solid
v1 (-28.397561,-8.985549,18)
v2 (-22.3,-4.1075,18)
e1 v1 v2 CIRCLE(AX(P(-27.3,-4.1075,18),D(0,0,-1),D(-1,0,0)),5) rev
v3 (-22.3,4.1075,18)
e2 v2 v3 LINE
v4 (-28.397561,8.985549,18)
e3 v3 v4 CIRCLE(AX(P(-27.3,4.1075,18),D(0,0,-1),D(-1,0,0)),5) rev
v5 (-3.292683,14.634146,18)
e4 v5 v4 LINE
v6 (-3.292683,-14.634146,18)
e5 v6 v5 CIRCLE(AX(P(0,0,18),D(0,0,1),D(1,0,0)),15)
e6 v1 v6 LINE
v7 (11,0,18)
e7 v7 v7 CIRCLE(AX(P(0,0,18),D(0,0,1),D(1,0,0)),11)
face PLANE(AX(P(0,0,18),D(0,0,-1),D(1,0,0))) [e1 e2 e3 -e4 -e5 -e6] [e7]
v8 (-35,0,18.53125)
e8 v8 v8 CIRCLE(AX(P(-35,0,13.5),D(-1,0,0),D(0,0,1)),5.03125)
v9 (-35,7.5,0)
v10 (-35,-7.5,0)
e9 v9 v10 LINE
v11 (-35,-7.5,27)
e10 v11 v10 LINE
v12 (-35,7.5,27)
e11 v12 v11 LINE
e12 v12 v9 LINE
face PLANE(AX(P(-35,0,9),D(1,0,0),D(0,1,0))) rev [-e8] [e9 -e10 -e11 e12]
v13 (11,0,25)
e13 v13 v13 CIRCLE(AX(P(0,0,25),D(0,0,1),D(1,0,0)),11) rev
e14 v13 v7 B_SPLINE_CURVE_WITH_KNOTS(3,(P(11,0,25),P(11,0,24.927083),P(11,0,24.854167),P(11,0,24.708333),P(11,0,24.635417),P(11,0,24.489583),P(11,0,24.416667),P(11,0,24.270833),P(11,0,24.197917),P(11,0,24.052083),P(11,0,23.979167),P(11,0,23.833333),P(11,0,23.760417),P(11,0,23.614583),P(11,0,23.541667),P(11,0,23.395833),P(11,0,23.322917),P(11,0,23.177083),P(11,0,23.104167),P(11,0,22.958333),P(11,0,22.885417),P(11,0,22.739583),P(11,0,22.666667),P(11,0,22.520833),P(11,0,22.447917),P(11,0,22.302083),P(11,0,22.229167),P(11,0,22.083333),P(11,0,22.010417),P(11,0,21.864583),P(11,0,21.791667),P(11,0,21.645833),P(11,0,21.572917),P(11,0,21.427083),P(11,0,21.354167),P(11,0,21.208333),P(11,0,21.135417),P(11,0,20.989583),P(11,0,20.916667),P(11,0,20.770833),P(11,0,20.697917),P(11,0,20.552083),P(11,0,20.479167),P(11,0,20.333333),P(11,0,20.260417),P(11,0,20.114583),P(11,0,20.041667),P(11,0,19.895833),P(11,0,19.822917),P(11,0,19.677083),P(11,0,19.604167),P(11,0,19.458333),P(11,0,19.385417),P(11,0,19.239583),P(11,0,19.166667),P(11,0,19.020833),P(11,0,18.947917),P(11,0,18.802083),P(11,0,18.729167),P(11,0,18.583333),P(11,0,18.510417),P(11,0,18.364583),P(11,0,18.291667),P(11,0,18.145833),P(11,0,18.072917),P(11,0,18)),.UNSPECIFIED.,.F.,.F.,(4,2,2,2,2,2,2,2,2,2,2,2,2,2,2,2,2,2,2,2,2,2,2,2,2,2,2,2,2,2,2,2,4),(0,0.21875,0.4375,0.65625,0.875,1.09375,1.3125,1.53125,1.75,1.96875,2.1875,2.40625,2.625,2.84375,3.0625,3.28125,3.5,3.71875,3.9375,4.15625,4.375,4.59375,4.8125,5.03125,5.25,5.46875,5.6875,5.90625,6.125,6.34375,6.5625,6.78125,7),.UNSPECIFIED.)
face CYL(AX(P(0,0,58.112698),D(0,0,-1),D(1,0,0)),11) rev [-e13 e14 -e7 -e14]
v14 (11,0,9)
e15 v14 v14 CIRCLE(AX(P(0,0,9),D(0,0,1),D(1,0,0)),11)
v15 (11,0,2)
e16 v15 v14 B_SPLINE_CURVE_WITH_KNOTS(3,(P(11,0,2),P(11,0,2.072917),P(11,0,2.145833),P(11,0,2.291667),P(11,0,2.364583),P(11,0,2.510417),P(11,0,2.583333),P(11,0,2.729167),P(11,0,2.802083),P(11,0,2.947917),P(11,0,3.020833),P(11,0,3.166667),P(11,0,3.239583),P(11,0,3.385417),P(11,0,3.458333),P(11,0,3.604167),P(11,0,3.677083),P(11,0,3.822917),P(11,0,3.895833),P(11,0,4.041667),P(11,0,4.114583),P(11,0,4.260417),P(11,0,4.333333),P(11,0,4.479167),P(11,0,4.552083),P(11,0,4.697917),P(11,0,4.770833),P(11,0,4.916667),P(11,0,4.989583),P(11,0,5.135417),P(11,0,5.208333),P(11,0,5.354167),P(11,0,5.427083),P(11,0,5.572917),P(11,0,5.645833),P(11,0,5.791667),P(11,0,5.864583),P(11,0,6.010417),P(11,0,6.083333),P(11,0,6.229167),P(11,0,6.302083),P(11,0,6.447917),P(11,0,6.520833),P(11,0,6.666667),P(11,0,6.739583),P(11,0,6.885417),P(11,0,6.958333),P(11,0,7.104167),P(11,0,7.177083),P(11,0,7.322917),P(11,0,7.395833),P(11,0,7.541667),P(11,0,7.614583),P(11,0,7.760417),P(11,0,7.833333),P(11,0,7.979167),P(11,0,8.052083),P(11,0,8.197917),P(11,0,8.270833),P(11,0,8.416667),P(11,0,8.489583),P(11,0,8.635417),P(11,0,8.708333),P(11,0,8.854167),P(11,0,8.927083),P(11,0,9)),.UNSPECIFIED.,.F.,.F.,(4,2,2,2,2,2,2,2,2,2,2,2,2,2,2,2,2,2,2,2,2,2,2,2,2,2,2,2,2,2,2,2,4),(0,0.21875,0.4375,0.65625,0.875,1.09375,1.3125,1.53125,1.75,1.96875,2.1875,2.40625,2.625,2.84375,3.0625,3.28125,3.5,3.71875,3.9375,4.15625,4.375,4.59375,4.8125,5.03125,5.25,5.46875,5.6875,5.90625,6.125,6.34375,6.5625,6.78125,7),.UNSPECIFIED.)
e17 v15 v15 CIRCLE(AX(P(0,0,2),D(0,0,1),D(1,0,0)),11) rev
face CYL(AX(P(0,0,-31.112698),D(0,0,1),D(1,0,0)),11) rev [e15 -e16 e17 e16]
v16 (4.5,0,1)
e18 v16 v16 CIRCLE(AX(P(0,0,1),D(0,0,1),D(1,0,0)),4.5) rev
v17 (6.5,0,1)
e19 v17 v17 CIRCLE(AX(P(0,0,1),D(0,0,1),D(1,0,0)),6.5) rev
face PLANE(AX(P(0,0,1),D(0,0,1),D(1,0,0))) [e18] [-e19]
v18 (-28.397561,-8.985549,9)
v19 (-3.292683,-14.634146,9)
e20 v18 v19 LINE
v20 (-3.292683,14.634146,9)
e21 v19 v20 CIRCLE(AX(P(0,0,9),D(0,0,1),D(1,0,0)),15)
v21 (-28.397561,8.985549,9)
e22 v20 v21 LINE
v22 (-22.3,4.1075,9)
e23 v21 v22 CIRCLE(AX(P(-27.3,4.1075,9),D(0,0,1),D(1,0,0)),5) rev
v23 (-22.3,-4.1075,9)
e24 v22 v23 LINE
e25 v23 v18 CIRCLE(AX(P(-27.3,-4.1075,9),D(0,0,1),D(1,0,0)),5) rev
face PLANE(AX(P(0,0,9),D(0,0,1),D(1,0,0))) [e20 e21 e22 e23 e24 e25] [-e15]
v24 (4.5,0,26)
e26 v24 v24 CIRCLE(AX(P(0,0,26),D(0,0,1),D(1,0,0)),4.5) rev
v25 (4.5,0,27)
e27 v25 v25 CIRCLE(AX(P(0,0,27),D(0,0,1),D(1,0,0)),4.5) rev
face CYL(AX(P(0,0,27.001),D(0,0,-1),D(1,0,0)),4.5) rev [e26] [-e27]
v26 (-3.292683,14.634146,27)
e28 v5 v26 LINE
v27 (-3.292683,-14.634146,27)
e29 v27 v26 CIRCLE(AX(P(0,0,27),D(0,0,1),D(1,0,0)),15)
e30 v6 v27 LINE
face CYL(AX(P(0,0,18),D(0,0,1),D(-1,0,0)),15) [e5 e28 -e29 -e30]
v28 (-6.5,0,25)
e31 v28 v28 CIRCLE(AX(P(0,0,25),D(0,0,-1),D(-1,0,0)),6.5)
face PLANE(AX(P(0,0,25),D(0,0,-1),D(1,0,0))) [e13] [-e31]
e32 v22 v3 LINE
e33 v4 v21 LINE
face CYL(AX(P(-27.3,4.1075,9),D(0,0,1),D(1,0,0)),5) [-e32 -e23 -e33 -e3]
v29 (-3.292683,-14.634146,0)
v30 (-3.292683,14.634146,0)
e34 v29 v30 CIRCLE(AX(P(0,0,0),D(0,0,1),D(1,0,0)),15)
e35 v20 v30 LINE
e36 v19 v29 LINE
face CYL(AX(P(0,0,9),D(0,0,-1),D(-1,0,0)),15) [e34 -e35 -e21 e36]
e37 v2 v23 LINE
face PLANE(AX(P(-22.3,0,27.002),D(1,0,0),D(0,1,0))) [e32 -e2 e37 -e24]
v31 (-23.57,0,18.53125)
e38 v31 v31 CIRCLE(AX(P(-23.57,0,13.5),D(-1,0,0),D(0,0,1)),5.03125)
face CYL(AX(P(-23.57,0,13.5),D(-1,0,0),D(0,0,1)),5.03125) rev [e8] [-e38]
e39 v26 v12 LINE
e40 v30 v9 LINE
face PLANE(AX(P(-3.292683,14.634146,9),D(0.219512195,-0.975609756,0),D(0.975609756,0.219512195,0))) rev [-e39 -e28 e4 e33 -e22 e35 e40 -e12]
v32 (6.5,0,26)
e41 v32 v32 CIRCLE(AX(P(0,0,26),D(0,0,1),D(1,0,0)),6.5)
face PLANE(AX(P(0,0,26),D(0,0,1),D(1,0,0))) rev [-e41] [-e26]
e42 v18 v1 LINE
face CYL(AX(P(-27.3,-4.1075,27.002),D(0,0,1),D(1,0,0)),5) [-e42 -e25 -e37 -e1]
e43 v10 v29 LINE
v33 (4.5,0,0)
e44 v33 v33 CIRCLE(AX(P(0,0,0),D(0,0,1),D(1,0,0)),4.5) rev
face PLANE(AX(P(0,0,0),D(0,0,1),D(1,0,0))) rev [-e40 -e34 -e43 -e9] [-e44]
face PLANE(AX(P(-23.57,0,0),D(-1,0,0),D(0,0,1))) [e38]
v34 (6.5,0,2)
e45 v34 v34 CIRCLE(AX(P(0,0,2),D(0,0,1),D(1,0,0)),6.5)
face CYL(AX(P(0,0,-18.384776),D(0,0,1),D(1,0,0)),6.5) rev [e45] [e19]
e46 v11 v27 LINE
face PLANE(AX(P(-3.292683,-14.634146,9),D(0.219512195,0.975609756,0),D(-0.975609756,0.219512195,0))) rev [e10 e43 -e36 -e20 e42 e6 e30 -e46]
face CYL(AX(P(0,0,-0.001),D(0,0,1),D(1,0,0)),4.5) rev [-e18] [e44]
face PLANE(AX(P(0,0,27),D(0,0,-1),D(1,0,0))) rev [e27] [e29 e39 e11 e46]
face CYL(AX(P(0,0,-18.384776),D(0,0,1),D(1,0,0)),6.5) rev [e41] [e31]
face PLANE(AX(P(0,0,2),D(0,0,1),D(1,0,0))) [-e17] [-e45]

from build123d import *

# Parameters (mm, degrees)
SKETCH1_R               = 15
BOSS_EXTRUDE1_DEPTH     = 9
SKETCH2_R               = 11
CUT_EXTRUDE1_DEPTH      = 7
CUT_EXTRUDE2_REACH      = 40.717
SKETCH3_R               = 4.5
BOSS_EXTRUDE3_REACH     = 44.119
SKETCH6_R               = 5.031250000000002
CUT_EXTRUDE3_DEPTH      = 11.43
FILLET1_R               = 5
CUT_EXTRUDE4_DEPTH      = 1
CUT_EXTRUDE4_DEPTH_BACK = 24
SKETCH7_R               = 6.5


with BuildPart() as part:
    # Sketch1 → Boss-Extrude1 (new body)
    with BuildSketch(Plane.XY):
        with BuildLine():
            ThreePointArc((-3.2926829268292646, -14.634146341463415), (-15, 1.84e-15), (-3.2926829268292708, 14.634146341463413))
            Line((-3.2926829268292703, 14.634146341463419), (-35.00000000000001, 7.499999999999995))
            Line((-35.00000000000001, 7.499999999999995), (-35, -7.500000000000005))
            Line((-35, -7.500000000000005), (-3.292682926829265, -14.634146341463415))
        make_face()
        Circle(SKETCH1_R)
    extrude(amount=BOSS_EXTRUDE1_DEPTH)

    # Sketch2 → Cut-Extrude1 (cut)
    with BuildSketch(Plane.XY.offset(9)):
        Circle(SKETCH2_R)
    extrude(amount=-CUT_EXTRUDE1_DEPTH, mode=Mode.SUBTRACT)

    # Sketch3 → Cut-Extrude2 (cut, up to next)
    with BuildSketch(Plane.XY.offset(2), mode=Mode.PRIVATE) as cut_extrude2_sk1:
        Circle(SKETCH3_R)
    cut_extrude2_tool1 = extrude(cut_extrude2_sk1.sketch, amount=-CUT_EXTRUDE2_REACH, mode=Mode.PRIVATE) & part.part
    add(cut_extrude2_tool1.solids().sort_by_distance((0, 0, 2))[0], mode=Mode.SUBTRACT)


with BuildPart() as body_2:
    # Mirror8: mirrored copy
    add(part.part.mirror(Plane.XY.offset(13.499999999999998)))

    # Sketch4 → Boss-Extrude3 (add, up to next)
    with BuildSketch(Plane.XY.offset(9), mode=Mode.PRIVATE) as boss_extrude3_sk1:
        Polygon((-35.00000000000001, 7.499999999999995), (-35.00000000000001, -7.500000000000005), (-22.300000000000008, -10.357500000000002), (-22.300000000000015, 10.357499999999998), align=None)
    boss_extrude3_tool1 = extrude(boss_extrude3_sk1.sketch, amount=BOSS_EXTRUDE3_REACH, mode=Mode.PRIVATE) - body_2.part

    add(part.part)  # Boss-Extrude3 merges part
    add(boss_extrude3_tool1.solids().sort_by_distance((-28.311298, 0, 9))[0])

    # Sketch6 → Cut-Extrude3 (cut)
    with BuildSketch(Plane.ZY.offset(35.00000000000001)):
        with Locations((13.499999999999998, -3.47e-15)):
            Circle(SKETCH6_R)
    extrude(amount=-CUT_EXTRUDE3_DEPTH, mode=Mode.SUBTRACT)

    # Fillet1
    fillet1_edges = [body_2.edges().sort_by_distance(p)[0] for p in [
        (-22.300000000000015, 10.357499999999996, 13.499999999999998),
        (-22.300000000000008, -10.3575, 13.499999999999998),
    ]]
    fillet(fillet1_edges, radius=FILLET1_R)

    # Sketch7 → Cut-Extrude4 (cut, two sides: drawn at the far end of the back side and taken through both)
    with BuildSketch(Plane.XY.offset(24.999999999999993).offset(-CUT_EXTRUDE4_DEPTH_BACK)):
        Circle(SKETCH7_R)
    extrude(amount=CUT_EXTRUDE4_DEPTH + CUT_EXTRUDE4_DEPTH_BACK, mode=Mode.SUBTRACT)


solid = body_2.part
